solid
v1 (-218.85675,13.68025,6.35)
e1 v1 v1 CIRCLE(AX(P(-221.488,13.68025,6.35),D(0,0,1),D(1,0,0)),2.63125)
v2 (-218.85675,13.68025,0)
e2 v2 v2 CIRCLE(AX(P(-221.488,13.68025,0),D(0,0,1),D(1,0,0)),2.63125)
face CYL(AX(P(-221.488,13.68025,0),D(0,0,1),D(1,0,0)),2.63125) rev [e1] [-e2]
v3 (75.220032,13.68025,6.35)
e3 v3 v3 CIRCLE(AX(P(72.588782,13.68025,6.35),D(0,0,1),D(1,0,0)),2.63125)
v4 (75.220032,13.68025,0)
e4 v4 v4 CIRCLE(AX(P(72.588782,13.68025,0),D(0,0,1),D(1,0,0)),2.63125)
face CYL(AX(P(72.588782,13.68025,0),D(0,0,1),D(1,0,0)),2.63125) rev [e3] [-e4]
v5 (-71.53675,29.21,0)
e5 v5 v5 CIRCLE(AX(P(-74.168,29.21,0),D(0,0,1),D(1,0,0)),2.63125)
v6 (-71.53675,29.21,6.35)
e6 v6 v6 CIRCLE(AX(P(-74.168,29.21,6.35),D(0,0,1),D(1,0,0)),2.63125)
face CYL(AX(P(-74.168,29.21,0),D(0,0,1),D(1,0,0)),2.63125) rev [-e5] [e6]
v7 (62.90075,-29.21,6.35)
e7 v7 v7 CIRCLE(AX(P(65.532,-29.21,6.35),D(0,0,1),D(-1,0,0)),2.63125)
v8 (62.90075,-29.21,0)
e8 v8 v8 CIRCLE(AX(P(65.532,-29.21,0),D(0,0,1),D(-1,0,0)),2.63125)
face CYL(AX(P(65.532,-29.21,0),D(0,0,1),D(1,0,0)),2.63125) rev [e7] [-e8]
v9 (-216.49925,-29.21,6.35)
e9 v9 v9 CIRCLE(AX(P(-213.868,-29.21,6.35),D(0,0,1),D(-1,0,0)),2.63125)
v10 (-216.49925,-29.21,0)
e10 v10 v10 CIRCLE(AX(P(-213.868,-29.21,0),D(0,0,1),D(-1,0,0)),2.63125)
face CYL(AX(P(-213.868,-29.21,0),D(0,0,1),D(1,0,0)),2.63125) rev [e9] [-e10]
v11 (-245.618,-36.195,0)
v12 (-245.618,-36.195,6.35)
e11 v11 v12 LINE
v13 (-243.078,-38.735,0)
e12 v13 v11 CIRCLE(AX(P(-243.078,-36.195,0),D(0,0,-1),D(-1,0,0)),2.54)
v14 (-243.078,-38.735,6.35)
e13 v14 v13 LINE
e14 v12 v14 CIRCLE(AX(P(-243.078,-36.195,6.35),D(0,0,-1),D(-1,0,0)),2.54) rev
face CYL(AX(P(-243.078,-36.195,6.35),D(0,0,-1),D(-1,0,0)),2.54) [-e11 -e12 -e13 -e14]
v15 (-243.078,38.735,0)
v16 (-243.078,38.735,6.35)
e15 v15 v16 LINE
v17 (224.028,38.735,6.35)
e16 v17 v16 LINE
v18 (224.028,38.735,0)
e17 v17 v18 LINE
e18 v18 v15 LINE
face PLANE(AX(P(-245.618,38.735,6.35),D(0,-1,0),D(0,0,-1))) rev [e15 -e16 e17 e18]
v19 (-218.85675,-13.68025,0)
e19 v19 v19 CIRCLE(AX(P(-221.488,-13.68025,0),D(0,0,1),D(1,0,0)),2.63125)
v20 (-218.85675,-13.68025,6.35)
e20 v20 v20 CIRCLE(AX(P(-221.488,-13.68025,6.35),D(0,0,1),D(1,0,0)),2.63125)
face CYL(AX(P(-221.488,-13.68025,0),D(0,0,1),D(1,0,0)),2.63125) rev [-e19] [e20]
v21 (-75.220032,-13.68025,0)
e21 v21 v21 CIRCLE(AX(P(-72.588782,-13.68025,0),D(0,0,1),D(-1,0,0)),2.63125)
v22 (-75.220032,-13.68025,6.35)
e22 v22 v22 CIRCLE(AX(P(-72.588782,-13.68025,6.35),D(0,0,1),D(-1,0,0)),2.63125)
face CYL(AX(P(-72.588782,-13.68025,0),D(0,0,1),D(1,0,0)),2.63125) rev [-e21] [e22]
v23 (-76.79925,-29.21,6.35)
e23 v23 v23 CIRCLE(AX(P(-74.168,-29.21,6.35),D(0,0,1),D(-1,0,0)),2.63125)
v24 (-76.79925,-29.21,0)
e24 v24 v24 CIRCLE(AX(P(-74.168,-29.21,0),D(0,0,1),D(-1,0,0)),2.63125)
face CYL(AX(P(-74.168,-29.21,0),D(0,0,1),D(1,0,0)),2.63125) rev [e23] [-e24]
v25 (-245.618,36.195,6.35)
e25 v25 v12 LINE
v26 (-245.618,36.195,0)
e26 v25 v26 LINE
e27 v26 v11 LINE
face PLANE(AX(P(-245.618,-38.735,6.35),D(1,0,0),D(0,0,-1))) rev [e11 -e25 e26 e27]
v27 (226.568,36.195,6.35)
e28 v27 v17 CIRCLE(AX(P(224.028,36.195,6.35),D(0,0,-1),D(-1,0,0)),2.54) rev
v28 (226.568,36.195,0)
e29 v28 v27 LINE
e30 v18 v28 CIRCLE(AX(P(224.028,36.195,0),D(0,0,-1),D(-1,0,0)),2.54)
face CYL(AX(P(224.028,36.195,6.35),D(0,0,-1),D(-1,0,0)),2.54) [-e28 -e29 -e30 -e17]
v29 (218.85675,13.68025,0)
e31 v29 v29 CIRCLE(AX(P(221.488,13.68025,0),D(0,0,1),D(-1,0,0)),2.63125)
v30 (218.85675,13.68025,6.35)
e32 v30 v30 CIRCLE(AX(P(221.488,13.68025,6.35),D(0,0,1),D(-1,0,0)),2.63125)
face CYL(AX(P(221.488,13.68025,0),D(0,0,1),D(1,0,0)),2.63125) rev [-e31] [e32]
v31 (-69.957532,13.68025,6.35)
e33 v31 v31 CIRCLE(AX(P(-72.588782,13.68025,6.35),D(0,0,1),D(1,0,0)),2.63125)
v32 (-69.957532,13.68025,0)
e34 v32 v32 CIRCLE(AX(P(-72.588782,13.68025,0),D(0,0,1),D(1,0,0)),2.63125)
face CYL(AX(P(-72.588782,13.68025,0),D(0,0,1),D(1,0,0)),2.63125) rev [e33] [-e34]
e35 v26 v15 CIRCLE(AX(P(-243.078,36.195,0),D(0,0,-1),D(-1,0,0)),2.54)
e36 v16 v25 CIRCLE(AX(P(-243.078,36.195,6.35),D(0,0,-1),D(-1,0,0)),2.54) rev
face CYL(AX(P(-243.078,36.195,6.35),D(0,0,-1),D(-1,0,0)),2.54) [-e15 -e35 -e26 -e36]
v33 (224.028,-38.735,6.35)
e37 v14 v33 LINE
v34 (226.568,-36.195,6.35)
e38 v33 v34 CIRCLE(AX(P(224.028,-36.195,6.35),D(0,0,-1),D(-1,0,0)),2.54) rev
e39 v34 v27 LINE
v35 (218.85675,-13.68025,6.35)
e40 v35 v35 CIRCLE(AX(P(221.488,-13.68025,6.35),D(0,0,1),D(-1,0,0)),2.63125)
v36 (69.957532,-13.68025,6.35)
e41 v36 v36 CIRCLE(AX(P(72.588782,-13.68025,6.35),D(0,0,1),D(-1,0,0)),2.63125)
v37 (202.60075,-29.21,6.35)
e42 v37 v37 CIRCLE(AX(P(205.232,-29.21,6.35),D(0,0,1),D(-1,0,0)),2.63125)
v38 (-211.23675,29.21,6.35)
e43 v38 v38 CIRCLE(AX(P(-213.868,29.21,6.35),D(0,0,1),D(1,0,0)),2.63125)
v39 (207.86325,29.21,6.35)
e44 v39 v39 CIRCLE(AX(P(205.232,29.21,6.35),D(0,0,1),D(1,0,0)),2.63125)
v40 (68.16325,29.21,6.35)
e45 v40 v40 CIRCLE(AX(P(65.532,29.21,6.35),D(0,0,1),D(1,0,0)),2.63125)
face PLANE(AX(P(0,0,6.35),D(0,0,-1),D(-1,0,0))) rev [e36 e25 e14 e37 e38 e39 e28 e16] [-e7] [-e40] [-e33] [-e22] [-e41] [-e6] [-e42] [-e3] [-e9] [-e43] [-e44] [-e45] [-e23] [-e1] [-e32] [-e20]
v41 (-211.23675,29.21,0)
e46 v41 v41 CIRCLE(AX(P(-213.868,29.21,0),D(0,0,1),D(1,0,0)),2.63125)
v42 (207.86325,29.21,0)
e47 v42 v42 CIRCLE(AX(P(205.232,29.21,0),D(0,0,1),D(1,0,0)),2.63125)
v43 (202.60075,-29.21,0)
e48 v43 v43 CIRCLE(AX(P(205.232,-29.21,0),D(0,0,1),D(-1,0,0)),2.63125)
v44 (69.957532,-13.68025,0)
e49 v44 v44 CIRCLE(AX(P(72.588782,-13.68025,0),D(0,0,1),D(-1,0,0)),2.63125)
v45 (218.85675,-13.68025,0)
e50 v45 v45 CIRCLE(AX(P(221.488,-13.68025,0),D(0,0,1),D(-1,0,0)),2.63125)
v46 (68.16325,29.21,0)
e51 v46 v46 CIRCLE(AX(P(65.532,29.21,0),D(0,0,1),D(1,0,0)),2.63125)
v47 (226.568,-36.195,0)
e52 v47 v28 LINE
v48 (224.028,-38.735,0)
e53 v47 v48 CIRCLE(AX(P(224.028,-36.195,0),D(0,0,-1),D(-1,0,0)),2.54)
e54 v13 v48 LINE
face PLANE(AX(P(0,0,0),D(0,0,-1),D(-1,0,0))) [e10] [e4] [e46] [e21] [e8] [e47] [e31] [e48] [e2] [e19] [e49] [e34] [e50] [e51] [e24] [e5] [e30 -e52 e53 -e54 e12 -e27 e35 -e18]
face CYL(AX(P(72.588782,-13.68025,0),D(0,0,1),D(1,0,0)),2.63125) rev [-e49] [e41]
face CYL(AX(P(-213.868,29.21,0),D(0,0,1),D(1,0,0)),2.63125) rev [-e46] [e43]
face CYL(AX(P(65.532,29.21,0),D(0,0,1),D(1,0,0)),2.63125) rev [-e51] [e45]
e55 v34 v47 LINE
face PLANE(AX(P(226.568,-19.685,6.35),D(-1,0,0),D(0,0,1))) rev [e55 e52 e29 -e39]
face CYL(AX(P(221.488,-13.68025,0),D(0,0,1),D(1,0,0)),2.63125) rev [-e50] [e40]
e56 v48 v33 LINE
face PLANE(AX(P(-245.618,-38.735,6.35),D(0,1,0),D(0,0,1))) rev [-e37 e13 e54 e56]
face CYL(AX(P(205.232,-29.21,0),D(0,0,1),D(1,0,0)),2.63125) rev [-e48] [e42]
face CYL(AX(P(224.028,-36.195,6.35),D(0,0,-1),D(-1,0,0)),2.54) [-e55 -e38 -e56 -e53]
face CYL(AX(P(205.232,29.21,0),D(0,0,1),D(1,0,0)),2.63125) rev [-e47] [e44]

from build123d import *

# Parameters (mm, degrees)
SALIENTE_EXTRUIR1_DEPTH = 6.35
CROQUIS4_R              = 2.63125
CORTAR_EXTRUIR2_DEPTH   = 249.734647062
CROQUIS5_R              = 2.63125
CORTAR_EXTRUIR3_DEPTH   = 249.734647062
REDONDEO1_R             = 2.54


with BuildPart() as part:
    # Croquis2 → Saliente-Extruir1 (new body)
    with BuildSketch(Plane.XY):
        Polygon((-245.618, -38.735), (-245.618, 38.735), (226.568, 38.735), (226.568, 19.685), (226.568, -19.685), (226.568, -38.735), align=None)
    extrude(amount=SALIENTE_EXTRUIR1_DEPTH)

    # Croquis4 → Cortar-Extruir2 (cut, through all)
    with BuildSketch(Plane.XY.offset(6.35)):
        with Locations((-221.488, 13.68025)):
            Circle(CROQUIS4_R)
        with Locations((-221.488, -13.68025)):
            Circle(CROQUIS4_R)
        with Locations(Location((221.488, -13.68025, 0), (0, 0, 180))):
            Circle(CROQUIS4_R)
        with Locations(Location((221.488, 13.68025, 0), (0, 0, 180))):
            Circle(CROQUIS4_R)
        with Locations((-72.588782178, 13.68025)):
            Circle(CROQUIS4_R)
        with Locations(Location((-72.588782178, -13.68025, 0), (0, 0, 180))):
            Circle(CROQUIS4_R)
        with Locations((72.588782178, 13.68025)):
            Circle(CROQUIS4_R)
        with Locations(Location((72.588782178, -13.68025, 0), (0, 0, 180))):
            Circle(CROQUIS4_R)
    extrude(amount=-CORTAR_EXTRUIR2_DEPTH, mode=Mode.SUBTRACT)

    # Croquis5 → Cortar-Extruir3 (cut, through all)
    with BuildSketch(Plane.XY.offset(6.35)):
        with Locations((-213.868, 29.21)):
            Circle(CROQUIS5_R)
        with Locations((-74.168, 29.21)):
            Circle(CROQUIS5_R)
        with Locations((65.532, 29.21)):
            Circle(CROQUIS5_R)
        with Locations((205.232, 29.21)):
            Circle(CROQUIS5_R)
        with Locations(Location((205.232, -29.21, 0), (0, 0, 180))):
            Circle(CROQUIS5_R)
        with Locations(Location((65.532, -29.21, 0), (0, 0, 180))):
            Circle(CROQUIS5_R)
        with Locations(Location((-74.168, -29.21, 0), (0, 0, 180))):
            Circle(CROQUIS5_R)
        with Locations(Location((-213.868, -29.21, 0), (0, 0, 180))):
            Circle(CROQUIS5_R)
    extrude(amount=-CORTAR_EXTRUIR3_DEPTH, mode=Mode.SUBTRACT)

    # Redondeo1
    redondeo1_edges = [part.edges().sort_by_distance(p)[0] for p in [
        (226.568, -38.735, 3.175),
        (-245.618, -38.735, 3.175),
        (-245.618, 38.735, 3.175),
        (226.568, 38.735, 3.175),
    ]]
    fillet(redondeo1_edges, radius=REDONDEO1_R)


solid = part.part
